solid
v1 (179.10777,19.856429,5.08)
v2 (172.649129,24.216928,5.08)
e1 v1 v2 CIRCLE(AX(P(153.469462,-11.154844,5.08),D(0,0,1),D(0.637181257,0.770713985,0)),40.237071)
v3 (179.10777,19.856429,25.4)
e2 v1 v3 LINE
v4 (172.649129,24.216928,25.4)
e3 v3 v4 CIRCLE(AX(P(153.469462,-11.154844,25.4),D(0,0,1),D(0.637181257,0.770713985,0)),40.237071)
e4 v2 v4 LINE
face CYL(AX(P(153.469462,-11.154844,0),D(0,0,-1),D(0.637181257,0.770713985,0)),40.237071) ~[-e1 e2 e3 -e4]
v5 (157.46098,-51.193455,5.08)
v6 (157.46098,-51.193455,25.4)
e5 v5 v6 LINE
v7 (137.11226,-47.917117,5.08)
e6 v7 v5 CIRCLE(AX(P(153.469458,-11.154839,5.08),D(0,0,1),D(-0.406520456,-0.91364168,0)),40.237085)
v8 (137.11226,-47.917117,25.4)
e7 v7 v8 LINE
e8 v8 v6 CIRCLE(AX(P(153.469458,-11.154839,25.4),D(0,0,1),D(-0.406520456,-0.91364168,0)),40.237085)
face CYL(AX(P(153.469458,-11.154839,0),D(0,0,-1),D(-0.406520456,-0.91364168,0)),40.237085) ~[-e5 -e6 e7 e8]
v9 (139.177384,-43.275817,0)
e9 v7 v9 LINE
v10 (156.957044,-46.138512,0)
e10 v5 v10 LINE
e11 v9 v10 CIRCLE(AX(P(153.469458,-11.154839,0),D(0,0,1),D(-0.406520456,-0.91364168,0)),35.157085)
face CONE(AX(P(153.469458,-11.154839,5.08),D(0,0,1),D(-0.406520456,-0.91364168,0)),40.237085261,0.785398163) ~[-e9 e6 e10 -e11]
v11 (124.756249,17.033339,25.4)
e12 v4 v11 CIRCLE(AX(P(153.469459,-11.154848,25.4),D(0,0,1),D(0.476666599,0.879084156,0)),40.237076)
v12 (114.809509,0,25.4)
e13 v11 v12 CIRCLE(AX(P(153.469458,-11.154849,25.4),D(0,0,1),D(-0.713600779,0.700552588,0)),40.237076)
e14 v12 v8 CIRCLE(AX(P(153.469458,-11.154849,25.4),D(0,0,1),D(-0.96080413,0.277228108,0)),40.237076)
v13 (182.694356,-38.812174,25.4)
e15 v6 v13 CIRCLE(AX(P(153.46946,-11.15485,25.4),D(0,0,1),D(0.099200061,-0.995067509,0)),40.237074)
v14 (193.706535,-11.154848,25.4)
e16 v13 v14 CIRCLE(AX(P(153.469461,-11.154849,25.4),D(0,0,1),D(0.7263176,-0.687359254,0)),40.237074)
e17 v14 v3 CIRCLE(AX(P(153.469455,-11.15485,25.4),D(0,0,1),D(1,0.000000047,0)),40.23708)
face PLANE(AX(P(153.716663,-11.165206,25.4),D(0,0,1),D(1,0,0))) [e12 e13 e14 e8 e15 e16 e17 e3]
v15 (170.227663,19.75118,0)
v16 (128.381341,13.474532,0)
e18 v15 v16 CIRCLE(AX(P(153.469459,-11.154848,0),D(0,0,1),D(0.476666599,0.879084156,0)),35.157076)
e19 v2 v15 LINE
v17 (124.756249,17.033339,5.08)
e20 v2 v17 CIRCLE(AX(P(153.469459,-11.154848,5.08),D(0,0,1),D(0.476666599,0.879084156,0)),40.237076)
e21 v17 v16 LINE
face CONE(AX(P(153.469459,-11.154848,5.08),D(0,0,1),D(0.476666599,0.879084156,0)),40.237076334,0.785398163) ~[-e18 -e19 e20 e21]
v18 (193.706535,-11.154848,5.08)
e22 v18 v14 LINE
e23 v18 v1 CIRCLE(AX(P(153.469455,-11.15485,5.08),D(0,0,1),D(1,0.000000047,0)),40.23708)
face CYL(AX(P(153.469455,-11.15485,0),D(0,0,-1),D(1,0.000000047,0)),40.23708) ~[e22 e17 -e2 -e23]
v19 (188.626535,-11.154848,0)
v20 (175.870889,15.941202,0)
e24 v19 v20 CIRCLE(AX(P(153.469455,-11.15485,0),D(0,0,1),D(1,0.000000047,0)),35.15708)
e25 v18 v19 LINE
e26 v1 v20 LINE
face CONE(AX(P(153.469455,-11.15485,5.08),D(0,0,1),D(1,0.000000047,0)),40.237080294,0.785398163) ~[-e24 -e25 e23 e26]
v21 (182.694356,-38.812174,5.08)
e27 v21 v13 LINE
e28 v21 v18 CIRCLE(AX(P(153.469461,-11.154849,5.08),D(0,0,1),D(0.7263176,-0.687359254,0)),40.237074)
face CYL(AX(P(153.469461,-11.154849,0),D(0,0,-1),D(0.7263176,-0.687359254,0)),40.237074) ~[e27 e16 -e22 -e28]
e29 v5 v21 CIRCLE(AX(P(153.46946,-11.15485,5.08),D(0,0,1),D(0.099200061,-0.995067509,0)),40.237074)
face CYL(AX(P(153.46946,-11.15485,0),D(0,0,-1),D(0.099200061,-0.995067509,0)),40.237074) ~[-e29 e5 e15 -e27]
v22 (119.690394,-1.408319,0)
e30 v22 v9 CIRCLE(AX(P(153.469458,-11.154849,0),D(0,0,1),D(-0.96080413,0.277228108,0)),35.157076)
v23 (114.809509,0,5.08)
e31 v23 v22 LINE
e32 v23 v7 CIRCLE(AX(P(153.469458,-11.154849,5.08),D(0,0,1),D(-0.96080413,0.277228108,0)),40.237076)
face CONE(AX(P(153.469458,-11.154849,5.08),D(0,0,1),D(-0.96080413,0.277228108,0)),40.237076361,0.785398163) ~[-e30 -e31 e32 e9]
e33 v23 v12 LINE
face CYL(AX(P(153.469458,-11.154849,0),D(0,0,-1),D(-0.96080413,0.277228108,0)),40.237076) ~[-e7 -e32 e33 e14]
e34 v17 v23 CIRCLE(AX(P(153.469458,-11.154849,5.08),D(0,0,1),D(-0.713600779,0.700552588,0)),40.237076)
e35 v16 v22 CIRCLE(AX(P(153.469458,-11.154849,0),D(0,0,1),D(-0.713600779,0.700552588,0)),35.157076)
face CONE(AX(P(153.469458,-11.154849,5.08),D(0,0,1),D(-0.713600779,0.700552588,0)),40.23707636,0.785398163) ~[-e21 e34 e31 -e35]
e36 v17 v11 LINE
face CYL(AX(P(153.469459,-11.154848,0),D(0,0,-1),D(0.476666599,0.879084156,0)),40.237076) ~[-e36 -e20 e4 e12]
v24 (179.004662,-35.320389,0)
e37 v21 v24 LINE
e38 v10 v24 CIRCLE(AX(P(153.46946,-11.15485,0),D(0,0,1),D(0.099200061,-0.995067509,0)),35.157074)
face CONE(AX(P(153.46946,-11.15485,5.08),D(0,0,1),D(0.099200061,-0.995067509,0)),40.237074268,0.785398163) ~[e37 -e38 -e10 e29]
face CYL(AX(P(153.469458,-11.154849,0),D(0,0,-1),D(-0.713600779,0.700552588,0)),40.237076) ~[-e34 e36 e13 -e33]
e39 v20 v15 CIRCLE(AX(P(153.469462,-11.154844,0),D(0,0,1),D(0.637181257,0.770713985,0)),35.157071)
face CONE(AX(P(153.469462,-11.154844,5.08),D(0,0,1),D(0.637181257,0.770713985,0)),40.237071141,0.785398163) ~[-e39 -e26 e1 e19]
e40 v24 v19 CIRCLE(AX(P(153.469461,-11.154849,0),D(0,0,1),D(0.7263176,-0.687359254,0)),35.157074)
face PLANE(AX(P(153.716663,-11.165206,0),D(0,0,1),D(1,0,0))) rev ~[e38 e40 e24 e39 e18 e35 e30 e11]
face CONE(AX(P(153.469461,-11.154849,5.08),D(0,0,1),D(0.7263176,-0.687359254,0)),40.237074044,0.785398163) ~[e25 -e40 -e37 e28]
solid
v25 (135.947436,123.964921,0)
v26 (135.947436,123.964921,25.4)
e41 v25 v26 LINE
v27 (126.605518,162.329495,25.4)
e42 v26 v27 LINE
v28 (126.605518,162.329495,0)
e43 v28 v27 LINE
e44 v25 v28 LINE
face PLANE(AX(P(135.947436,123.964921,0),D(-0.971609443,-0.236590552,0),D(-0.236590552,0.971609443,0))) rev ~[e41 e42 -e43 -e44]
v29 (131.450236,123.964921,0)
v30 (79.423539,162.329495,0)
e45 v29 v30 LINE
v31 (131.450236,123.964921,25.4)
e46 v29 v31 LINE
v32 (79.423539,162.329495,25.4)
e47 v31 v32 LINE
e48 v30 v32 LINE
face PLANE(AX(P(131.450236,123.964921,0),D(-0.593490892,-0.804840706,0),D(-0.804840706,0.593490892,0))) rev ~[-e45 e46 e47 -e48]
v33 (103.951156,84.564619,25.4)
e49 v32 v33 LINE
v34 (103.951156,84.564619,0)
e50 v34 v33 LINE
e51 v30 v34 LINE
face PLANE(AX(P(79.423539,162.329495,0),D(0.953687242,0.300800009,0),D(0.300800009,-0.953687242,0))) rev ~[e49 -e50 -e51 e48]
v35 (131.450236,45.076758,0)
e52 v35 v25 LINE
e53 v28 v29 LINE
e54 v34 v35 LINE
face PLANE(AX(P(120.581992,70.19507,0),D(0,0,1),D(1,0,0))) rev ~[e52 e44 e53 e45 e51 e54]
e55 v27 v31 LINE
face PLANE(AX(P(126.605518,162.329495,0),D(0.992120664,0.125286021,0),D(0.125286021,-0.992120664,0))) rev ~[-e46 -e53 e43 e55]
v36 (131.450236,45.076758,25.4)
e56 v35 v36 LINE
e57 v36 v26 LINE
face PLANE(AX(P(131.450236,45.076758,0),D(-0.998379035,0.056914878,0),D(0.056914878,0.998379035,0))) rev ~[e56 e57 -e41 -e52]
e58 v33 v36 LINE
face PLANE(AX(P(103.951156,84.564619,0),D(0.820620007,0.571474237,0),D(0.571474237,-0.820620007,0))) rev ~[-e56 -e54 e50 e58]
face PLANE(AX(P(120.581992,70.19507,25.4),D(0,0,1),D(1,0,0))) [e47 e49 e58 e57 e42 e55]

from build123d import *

# Parameters (mm, degrees)
F1_DEPTH = 25.4
F2_SIZE  = 5.08


with BuildPart() as f1:
    # F0 (on Top) → F1 (new body)
    with BuildSketch(Plane.XY):
        Polygon((121.7608, 91.713183), (103.951156, 84.564619), (131.450236, 45.076758), align=None)
        Polygon((79.423539, 162.329495), (103.951156, 84.564619), (121.7608, 91.713183), align=None)
        Polygon((121.7608, 91.713183), (131.450236, 45.076758), (135.947436, 123.964921), (126.605518, 162.329495), (131.450236, 123.964921), align=None)
        Polygon((79.423539, 162.329495), (121.7608, 91.713183), (131.450236, 123.964921), align=None)
        with BuildLine():
            ThreePointArc((137.11226, -47.917117), (147.756024, -46.639907), (157.46098, -51.193455))
            ThreePointArc((157.46098, -51.193455), (171.193924, -47.277772), (182.694356, -38.812174))
            ThreePointArc((182.694356, -38.812174), (190.852254, -26.039368), (193.706535, -11.154848))
            ThreePointArc((193.706535, -11.154848), (189.874355, 5.982999), (179.10777, 19.856429))
            ThreePointArc((179.10777, 19.856429), (175.645979, 21.69235), (172.649129, 24.216928))
            ThreePointArc((172.649129, 24.216928), (147.500951, 28.637101), (124.756249, 17.033339))
            ThreePointArc((124.756249, 17.033339), (121.808642, 7.333711), (114.809509, 0))
            ThreePointArc((114.809509, 0), (116.990229, -28.133899), (137.11226, -47.917117))
        make_face()
        with BuildLine():
            ThreePointArc((137.11226, -47.917117), (147.073281, -50.880296), (157.46098, -51.193455))
            ThreePointArc((157.46098, -51.193455), (147.756024, -46.639907), (137.11226, -47.917117))
        make_face()
        with BuildLine():
            ThreePointArc((124.756249, 17.033339), (118.722958, 9.135618), (114.809509, 0))
            ThreePointArc((114.809509, 0), (121.808642, 7.333711), (124.756249, 17.033339))
        make_face()
        with BuildLine():
            ThreePointArc((172.649129, 24.216928), (175.645979, 21.69235), (179.10777, 19.856429))
            ThreePointArc((179.10777, 19.856429), (175.984261, 22.193405), (172.649129, 24.216928))
        make_face()
    extrude(amount=F1_DEPTH)

    # F2
    f2_edges = [f1.edges().sort_by_distance(p)[0] for p in [
        (127.831147, -42.166125, 0),
    ]]
    chamfer(f2_edges, length=F2_SIZE)


solid = f1.part
